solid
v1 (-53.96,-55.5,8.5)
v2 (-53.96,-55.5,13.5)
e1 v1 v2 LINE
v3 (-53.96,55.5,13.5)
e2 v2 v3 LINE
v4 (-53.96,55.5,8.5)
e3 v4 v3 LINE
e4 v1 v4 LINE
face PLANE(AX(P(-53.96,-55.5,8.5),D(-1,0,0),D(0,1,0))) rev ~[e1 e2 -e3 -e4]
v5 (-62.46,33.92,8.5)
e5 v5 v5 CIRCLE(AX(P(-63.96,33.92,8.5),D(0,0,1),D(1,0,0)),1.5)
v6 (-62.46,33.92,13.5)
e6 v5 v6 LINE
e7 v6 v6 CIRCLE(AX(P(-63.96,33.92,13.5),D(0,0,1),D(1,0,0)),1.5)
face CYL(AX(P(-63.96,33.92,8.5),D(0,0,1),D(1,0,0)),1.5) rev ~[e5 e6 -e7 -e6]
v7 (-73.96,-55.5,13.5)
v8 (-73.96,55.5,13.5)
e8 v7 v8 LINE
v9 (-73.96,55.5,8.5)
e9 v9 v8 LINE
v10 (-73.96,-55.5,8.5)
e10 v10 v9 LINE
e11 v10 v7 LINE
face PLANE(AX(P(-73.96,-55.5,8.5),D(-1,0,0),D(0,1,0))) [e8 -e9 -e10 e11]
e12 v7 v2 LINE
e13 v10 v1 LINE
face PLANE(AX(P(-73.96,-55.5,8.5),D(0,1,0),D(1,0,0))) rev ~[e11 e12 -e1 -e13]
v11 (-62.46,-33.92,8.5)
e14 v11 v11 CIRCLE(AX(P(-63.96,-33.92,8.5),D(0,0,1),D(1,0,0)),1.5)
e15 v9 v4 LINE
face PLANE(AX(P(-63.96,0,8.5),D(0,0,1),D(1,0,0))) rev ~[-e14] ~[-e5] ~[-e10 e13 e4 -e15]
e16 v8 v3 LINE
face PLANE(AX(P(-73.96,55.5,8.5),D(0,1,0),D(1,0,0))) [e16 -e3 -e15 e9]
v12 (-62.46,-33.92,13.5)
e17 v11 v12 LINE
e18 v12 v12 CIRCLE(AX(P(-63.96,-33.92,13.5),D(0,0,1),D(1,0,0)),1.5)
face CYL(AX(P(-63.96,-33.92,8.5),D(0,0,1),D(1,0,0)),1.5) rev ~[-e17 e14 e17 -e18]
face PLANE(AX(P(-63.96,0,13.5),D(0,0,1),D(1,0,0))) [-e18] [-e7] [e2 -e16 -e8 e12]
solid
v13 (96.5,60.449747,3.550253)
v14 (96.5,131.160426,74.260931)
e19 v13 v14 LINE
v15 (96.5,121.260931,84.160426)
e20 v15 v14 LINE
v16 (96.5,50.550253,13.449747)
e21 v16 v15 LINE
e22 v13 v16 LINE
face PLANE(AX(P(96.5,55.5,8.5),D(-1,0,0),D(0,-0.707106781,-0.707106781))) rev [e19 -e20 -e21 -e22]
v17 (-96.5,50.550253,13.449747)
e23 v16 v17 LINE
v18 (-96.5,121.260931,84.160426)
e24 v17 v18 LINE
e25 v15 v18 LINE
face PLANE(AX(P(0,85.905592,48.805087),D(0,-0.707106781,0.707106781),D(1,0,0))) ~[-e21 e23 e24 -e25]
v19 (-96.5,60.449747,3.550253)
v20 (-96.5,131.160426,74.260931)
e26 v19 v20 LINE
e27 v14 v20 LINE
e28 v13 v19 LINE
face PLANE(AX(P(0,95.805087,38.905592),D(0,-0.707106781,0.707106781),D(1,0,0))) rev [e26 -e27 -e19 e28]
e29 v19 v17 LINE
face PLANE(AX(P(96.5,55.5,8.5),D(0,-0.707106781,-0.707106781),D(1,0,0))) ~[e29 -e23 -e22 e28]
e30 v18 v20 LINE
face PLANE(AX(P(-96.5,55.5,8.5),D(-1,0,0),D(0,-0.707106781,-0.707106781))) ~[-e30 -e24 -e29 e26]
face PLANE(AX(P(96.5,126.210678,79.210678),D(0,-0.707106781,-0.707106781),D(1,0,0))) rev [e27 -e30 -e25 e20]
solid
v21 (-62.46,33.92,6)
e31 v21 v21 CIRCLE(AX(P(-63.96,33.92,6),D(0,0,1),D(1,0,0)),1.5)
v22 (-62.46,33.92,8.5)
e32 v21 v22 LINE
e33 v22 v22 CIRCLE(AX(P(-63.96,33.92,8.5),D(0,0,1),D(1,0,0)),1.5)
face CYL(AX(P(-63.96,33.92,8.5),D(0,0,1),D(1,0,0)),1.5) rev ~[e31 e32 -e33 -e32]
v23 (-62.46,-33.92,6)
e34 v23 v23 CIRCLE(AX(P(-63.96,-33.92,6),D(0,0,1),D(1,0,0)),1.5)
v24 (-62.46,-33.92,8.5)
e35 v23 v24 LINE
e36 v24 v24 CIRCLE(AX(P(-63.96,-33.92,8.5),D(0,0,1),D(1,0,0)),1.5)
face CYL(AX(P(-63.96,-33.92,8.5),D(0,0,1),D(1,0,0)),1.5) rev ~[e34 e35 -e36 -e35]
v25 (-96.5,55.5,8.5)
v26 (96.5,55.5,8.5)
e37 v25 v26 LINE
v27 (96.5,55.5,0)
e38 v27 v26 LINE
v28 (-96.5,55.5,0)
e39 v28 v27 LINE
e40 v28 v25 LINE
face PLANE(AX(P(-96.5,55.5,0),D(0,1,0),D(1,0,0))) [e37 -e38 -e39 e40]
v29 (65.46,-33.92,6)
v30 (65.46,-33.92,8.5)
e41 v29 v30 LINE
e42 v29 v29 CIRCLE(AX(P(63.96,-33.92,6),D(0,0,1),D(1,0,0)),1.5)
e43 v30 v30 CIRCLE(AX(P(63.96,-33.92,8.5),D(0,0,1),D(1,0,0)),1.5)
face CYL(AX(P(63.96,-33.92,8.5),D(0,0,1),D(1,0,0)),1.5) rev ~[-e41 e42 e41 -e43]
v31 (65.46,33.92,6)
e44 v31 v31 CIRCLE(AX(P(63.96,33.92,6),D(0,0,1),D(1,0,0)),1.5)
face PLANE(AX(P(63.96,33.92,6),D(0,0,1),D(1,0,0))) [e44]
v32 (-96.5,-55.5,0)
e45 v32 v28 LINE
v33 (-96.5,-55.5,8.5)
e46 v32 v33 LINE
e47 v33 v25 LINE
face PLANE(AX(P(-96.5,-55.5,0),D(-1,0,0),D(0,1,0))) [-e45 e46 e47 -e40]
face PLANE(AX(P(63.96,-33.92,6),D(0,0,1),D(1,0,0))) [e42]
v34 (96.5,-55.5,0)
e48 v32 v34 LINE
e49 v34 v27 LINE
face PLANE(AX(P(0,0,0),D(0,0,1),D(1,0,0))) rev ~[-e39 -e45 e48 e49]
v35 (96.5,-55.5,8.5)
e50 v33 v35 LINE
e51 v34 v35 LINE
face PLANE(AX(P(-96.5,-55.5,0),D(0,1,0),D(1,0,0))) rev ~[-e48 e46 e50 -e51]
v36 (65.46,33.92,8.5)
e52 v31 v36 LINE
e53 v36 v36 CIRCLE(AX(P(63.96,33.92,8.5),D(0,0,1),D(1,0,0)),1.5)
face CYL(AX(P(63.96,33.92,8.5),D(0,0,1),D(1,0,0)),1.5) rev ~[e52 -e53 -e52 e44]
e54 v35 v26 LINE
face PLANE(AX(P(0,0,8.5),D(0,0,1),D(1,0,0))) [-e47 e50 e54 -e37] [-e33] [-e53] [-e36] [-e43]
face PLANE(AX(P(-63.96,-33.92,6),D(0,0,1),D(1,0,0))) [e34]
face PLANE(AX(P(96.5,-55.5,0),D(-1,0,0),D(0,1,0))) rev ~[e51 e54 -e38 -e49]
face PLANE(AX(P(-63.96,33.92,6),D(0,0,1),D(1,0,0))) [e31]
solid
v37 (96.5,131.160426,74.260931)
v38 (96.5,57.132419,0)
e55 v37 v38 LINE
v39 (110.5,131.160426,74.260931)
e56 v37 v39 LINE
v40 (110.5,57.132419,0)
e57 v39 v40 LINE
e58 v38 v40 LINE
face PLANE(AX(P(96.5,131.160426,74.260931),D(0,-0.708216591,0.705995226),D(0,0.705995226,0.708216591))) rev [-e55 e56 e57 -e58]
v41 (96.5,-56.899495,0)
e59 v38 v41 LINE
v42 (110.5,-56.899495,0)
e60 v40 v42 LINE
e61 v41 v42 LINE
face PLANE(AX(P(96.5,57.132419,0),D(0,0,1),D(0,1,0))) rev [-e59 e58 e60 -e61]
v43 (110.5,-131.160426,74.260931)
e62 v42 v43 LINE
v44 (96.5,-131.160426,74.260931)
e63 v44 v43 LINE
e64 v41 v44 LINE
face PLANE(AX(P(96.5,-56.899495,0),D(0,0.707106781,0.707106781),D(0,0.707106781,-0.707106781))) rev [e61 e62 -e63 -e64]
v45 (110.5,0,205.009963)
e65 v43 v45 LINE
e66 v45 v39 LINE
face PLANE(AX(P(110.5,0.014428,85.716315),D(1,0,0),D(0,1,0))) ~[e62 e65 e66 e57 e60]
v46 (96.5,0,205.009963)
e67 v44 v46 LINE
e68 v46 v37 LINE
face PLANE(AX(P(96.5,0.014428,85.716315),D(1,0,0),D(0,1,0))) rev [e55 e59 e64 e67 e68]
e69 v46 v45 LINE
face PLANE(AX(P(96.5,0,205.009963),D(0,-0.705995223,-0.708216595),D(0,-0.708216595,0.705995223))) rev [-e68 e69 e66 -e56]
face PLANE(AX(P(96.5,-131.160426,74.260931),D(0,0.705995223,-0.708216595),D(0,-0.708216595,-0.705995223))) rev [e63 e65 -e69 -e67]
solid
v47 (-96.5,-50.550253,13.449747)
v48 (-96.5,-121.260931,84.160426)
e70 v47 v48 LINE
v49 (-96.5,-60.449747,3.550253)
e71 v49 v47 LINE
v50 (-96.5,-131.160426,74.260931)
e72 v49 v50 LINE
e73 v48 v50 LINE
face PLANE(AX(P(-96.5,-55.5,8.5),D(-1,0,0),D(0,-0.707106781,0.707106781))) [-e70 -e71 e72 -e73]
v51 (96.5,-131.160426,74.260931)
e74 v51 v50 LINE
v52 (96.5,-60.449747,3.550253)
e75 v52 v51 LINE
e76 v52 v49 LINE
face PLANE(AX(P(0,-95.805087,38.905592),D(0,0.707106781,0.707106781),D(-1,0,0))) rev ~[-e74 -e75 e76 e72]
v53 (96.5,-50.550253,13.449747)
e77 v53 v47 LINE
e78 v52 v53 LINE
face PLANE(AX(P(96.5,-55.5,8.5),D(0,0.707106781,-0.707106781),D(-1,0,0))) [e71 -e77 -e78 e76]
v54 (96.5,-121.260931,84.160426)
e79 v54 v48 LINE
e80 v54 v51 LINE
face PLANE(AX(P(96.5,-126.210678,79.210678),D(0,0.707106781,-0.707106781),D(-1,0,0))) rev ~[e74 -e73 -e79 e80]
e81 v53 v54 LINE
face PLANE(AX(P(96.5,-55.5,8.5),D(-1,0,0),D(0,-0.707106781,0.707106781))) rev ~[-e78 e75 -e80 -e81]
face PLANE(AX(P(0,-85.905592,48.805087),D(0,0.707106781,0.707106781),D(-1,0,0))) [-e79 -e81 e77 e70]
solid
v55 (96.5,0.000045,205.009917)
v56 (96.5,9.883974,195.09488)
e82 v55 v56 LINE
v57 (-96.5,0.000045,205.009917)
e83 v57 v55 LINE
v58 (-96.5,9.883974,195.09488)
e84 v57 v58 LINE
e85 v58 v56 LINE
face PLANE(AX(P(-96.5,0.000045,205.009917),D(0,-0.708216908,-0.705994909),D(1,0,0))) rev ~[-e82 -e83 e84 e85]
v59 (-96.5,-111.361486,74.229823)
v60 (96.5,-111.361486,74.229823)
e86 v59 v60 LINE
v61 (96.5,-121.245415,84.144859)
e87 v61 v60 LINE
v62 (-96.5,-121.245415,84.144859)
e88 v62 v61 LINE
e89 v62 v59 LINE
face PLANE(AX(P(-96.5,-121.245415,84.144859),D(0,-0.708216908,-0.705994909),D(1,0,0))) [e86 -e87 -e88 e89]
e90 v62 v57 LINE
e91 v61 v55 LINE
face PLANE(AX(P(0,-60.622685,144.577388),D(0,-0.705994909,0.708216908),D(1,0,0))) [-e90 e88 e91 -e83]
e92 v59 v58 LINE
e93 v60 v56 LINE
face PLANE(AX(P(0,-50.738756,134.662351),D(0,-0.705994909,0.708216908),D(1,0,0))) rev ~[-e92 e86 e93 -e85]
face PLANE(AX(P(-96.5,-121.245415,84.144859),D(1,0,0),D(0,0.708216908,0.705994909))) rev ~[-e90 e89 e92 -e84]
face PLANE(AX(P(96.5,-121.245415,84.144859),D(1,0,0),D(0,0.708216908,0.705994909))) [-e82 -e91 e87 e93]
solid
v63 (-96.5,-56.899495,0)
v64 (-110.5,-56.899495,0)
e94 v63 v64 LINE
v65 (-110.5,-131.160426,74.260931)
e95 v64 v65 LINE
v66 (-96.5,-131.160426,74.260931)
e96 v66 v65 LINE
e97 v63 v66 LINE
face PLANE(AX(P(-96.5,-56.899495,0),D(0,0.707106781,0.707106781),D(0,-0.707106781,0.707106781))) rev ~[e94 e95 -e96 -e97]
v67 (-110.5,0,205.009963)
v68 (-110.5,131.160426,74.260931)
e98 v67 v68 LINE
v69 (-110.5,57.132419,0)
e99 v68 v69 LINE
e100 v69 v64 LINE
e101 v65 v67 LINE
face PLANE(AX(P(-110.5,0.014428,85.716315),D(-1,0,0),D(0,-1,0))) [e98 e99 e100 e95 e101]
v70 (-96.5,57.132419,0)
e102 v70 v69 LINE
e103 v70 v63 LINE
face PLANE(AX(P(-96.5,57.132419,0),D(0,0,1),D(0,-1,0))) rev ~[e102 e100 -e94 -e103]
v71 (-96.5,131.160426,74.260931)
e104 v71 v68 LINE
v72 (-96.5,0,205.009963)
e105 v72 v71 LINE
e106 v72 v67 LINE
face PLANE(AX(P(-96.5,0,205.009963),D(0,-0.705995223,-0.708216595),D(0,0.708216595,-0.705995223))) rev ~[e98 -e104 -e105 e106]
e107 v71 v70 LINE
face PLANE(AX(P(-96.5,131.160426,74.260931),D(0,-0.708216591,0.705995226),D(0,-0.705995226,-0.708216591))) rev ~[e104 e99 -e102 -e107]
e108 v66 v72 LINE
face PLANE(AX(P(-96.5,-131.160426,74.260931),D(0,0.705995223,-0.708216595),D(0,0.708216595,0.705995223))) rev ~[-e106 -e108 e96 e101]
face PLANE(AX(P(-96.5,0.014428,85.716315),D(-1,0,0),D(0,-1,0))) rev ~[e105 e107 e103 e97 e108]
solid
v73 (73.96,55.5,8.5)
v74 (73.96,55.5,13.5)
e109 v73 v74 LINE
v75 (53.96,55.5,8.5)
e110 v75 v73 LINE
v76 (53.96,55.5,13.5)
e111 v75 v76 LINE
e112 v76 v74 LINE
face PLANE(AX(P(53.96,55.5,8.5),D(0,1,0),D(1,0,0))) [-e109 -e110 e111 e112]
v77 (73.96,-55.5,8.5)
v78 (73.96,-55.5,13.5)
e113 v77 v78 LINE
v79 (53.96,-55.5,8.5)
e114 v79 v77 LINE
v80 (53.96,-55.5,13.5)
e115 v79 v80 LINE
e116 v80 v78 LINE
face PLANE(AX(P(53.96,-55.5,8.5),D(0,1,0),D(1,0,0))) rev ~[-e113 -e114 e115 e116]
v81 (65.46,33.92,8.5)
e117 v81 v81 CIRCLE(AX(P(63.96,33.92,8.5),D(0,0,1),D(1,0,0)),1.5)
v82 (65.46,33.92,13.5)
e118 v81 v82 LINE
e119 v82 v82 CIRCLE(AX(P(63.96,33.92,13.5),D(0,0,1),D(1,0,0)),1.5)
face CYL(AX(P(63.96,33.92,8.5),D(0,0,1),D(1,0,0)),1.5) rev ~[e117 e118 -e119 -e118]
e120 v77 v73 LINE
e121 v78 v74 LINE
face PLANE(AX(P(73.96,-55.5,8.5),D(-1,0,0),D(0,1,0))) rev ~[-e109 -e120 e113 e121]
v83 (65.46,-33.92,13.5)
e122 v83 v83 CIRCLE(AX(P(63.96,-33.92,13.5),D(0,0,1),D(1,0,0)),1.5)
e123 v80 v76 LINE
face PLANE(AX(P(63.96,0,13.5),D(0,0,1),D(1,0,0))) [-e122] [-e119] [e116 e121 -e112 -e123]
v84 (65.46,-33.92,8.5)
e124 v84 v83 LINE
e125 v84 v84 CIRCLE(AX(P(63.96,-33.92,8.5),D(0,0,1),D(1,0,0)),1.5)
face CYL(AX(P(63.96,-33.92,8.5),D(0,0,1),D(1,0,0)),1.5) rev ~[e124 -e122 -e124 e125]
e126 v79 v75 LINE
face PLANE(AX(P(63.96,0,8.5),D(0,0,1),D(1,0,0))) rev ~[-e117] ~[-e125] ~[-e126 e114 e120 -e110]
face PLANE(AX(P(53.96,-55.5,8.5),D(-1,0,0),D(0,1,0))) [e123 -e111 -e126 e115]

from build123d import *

# Parameters (mm, degrees)
F0_W          = 193
F0_H          = 111
F1_DEPTH      = 8.5
F2_W          = 20
F2_H          = 111
F3_DEPTH      = 5
F4_R          = 1.5
F5_DEPTH      = 5.001
F5_DEPTH_BACK = 2.5
F7_W          = 193
F7_H          = 100
F8_DEPTH      = 7
F11_DEPTH     = 14
F13_W         = 193
F13_H         = 171.1982
F14_DEPTH     = 14


with BuildPart() as f1:
    # F0 (on Top) → F1 (new body)
    with BuildSketch(Plane.XY):
        Rectangle(F0_W, F0_H)
    extrude(amount=F1_DEPTH)


with BuildPart() as f3:
    # F2 (on face) → F3 (new body)
    with BuildSketch(Plane.XY.offset(8.5)):
        with Locations((-63.96, 0)):
            Rectangle(F2_W, F2_H)
        with Locations((63.96, 0)):
            Rectangle(F2_W, F2_H)
    extrude(amount=F3_DEPTH)


with BuildPart() as f5_tool:
    # F4 (on face) → F5 (new body, two sides)
    with BuildSketch(Plane.XY.offset(8.5)) as f5_sk:
        with Locations((-63.96, 33.92)):
            Circle(F4_R)
        with Locations((63.96, 33.92)):
            Circle(F4_R)
        with Locations((-63.96, -33.92)):
            Circle(F4_R)
        with Locations((63.96, -33.92)):
            Circle(F4_R)
    extrude(amount=F5_DEPTH)
    extrude(f5_sk.sketch, amount=-F5_DEPTH_BACK)


with BuildPart() as f1_1:
    add(f1.part)

    # F5: cut by f5_tool
    add(f5_tool.part, mode=Mode.SUBTRACT)


with BuildPart() as f3_1:
    add(f3.part)

    # F5: cut by f5_tool
    add(f5_tool.part, mode=Mode.SUBTRACT)


with BuildPart() as f8:
    # F7 (on face) → F8 (new body, symmetric)
    with BuildSketch(Plane(origin=(0, -23.5, -23.5), x_dir=(-1, 0, 0), z_dir=(0, 0.707107, 0.707107))):
        with Locations((0, 95.254834)):
            Rectangle(F7_W, F7_H)
    extrude(amount=F8_DEPTH, both=True)


with BuildPart() as f9_1:
    # F9: instance of F8
    add(f8.part.mirror(Plane.XZ))


with BuildPart() as f11:
    # F10 (on face) → F11 (new body)
    with BuildSketch(Plane(origin=(-96.5, 0, 0), x_dir=(0, -1, 0), z_dir=(-1, 0, 0))):
        Polygon((56.899495, 0), (131.160426, 74.260931), (0, 205.009963), (-131.160426, 74.260931), (-57.132419, 0), align=None)
    extrude(amount=F11_DEPTH)


with BuildPart() as f12_1:
    # F12: instance of F11
    add(f11.part.mirror(Plane.YZ))


with BuildPart() as f14:
    # F13 (on face) → F14 (new body)
    with BuildSketch(Plane(origin=(0, -102.504476, 102.826999), x_dir=(1, 0, 0), z_dir=(0, -0.705995, 0.708217))):
        with Locations((0, 59.136955)):
            Rectangle(F13_W, F13_H)
    extrude(amount=-F14_DEPTH)


solid = Compound([f1_1.part, f3_1.part, f8.part, f9_1.part, f11.part, f12_1.part, f14.part])
